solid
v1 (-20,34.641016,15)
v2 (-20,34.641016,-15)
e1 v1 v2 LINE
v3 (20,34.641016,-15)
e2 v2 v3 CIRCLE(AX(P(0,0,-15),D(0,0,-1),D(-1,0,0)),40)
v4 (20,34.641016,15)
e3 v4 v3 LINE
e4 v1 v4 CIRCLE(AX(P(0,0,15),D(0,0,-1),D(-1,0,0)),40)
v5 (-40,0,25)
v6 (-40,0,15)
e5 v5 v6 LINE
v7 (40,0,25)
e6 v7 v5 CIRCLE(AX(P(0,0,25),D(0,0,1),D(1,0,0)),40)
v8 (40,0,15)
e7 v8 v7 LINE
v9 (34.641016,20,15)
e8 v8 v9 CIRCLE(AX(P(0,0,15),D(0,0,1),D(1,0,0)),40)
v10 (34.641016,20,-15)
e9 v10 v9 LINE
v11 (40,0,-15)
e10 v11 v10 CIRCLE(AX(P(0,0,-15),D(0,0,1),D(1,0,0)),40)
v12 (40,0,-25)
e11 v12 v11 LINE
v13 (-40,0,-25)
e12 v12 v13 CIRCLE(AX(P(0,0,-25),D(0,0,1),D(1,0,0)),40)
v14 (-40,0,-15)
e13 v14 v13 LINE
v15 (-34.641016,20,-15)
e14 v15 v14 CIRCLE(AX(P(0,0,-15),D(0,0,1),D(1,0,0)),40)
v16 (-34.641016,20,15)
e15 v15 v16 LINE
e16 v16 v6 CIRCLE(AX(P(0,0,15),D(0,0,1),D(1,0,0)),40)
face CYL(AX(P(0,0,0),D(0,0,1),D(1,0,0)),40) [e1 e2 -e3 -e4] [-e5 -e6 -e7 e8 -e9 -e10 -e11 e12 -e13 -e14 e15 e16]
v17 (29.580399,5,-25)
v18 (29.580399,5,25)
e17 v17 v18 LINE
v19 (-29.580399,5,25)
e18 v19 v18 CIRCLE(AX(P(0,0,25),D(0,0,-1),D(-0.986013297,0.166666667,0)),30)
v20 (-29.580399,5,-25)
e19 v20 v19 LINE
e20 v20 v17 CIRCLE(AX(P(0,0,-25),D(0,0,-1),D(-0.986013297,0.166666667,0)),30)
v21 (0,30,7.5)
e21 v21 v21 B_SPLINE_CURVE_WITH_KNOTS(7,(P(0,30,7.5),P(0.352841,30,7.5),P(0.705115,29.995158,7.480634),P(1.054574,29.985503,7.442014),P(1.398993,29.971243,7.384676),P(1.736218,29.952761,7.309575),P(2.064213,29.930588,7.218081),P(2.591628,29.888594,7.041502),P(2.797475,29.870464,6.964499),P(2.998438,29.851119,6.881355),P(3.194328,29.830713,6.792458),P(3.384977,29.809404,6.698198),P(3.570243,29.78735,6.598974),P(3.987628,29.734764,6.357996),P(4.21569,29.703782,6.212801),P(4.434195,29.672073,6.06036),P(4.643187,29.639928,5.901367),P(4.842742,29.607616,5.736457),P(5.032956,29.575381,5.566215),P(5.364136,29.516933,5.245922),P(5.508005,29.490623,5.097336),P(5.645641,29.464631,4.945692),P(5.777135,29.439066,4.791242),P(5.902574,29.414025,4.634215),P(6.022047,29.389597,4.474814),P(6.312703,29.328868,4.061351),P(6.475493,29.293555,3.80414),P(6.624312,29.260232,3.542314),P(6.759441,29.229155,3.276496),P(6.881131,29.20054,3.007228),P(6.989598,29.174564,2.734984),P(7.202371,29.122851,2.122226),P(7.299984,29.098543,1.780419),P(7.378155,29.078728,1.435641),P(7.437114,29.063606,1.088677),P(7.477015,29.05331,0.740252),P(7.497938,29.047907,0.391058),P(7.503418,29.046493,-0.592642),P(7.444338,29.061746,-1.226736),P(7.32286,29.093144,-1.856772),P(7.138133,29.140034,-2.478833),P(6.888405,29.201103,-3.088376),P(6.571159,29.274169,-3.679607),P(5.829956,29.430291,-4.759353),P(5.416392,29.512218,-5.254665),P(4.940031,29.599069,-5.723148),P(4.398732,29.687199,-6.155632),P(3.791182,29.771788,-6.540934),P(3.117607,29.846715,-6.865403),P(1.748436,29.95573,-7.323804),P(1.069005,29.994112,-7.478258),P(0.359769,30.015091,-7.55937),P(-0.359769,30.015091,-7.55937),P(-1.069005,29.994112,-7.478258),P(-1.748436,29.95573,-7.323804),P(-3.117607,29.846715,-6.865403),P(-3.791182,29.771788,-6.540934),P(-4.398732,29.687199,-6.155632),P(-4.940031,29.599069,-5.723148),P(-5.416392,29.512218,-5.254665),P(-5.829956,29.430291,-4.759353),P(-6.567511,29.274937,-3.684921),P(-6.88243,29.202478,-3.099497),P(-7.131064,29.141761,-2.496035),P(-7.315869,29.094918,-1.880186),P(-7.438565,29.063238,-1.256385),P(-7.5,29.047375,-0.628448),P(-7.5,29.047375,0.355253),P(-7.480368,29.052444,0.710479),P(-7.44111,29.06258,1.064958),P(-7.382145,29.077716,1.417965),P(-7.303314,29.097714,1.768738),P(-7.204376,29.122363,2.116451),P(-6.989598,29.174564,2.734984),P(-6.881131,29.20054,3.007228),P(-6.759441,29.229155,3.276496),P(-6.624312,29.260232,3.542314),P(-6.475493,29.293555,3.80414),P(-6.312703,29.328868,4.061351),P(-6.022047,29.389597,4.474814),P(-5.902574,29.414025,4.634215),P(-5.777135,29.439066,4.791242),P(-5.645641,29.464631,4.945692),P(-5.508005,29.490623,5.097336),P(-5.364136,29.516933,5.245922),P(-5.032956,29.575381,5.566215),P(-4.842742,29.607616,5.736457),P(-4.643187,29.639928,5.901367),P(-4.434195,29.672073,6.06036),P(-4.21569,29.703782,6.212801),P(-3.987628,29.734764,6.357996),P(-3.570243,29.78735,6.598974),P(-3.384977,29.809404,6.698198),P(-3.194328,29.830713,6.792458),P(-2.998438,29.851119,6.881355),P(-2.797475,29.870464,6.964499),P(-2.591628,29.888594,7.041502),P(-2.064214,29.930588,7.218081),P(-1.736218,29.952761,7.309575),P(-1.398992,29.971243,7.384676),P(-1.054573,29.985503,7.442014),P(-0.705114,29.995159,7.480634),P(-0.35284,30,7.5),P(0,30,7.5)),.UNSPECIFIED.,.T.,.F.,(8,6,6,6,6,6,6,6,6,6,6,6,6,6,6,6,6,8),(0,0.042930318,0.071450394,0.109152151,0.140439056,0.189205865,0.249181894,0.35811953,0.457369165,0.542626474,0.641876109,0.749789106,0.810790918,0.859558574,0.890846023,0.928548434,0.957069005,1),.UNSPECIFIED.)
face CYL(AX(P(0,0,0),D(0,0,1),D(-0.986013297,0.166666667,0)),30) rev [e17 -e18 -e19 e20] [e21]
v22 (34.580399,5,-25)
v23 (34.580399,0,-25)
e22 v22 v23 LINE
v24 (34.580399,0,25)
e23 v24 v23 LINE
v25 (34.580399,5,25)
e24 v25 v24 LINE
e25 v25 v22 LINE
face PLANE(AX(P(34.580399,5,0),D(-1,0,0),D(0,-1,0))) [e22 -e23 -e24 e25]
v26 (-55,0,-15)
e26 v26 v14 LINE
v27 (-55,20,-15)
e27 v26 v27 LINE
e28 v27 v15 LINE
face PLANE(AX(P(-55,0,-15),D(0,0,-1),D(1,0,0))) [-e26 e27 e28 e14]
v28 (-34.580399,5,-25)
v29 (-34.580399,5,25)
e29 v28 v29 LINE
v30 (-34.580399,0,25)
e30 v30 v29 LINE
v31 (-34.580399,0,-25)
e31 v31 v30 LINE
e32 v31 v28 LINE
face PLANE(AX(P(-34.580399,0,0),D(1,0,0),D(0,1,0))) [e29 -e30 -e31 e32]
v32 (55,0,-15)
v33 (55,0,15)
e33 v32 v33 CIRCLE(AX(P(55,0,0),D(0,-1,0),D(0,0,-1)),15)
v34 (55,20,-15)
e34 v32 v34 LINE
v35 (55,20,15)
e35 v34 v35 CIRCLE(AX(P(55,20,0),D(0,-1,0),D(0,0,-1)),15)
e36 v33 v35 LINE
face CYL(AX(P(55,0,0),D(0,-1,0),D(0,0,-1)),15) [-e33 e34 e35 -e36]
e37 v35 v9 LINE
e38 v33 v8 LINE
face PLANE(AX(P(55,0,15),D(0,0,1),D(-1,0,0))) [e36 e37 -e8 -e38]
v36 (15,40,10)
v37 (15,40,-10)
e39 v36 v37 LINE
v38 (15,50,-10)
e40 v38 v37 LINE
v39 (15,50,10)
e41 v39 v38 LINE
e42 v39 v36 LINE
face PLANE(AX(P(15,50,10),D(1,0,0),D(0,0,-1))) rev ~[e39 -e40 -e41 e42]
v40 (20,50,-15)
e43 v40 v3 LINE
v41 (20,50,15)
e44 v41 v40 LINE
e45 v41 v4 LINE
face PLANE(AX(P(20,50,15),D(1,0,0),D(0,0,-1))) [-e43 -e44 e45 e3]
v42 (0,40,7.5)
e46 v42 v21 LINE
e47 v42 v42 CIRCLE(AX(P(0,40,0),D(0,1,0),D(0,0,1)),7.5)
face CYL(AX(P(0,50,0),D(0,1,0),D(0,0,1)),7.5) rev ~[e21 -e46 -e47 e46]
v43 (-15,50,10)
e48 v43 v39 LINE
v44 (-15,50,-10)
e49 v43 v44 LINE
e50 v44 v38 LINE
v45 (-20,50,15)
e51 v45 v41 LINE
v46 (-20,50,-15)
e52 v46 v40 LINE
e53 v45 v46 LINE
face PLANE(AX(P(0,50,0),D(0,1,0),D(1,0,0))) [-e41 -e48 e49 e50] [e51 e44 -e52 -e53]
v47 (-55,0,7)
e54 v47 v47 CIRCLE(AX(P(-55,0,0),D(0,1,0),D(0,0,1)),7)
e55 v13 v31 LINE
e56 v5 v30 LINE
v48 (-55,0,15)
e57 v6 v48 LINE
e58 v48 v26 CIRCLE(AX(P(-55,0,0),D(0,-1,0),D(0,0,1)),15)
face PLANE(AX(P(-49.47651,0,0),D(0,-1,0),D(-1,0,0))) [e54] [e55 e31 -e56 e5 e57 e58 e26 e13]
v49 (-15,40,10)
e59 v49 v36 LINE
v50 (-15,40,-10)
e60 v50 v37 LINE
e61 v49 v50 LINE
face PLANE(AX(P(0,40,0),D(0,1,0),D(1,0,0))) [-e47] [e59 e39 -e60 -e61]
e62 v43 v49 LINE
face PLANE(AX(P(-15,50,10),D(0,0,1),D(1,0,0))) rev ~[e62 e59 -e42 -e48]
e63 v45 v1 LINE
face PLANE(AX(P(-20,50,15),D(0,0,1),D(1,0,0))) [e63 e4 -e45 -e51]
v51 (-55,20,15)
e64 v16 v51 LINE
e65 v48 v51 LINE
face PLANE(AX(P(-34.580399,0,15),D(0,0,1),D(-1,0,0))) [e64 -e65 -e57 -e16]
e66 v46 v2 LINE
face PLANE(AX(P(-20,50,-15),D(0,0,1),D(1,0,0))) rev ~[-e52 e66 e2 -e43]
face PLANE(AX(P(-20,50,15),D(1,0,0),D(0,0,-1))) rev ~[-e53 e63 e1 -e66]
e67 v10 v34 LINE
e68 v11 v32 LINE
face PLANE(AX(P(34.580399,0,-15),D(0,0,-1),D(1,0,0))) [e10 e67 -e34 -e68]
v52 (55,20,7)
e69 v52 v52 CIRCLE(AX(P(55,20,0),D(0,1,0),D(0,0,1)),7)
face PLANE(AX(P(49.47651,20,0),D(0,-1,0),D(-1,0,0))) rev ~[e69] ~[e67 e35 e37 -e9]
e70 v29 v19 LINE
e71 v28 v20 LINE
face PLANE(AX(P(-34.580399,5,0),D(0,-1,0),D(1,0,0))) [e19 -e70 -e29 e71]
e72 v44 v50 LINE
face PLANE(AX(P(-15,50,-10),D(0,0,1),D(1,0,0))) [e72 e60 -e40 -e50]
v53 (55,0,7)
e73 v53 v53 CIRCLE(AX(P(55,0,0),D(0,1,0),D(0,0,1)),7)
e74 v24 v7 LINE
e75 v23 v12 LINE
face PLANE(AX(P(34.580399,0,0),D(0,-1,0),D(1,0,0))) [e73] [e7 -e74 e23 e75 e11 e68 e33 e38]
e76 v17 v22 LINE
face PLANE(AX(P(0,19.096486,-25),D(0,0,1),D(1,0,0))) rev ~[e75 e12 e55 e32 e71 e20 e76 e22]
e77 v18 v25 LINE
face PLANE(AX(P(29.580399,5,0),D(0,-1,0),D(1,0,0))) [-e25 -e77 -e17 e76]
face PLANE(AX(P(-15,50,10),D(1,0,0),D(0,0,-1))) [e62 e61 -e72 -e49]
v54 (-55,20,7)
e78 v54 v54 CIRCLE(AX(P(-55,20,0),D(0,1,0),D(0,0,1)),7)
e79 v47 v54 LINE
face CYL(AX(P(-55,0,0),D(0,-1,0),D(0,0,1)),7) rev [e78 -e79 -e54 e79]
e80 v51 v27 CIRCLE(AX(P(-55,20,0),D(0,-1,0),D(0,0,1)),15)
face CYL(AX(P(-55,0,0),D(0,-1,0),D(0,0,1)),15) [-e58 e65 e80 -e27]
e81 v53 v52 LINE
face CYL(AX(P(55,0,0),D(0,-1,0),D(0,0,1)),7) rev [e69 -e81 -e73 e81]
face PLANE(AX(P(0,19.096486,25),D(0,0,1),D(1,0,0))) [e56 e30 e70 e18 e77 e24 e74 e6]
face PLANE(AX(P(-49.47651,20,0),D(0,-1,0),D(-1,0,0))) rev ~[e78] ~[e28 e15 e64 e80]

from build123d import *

# Parameters (mm, degrees)
BOSS_EXTRUDE3_DEPTH      = 25
SKETCH5_R                = 7
BOSS_EXTRUDE4_DEPTH      = 20
BOSS_EXTRUDE6_REACH      = 91.582
BOSS_EXTRUDE6_END_RADIUS = 40
SKETCH8_W                = 40
SKETCH8_H                = 30
SKETCH9_W                = 30
SKETCH9_H                = 20
CUT_EXTRUDE3_DEPTH       = 10
SKETCH10_R               = 7.5
CUT_EXTRUDE4_DEPTH       = 90.582364336


with BuildPart() as part:
    # Sketch4 → Boss-Extrude3 (new, symmetric)
    with BuildSketch(Plane.XY):
        with BuildLine():
            Line((-34.580398915, 5), (-29.580398915, 5))
            ThreePointArc((-29.580398915, 5), (0, 30), (29.580398915, 5))
            Line((29.580398915, 5), (34.580398915, 5))
            Line((34.580398915, 5), (34.580398915, 0))
            Line((34.580398915, 0), (40, 0))
            ThreePointArc((40, 0), (0, 40), (-40, 0))
            Line((-40, 0), (-34.580398915, 0))
            Line((-34.580398915, 0), (-34.580398915, 5))
        make_face()
    extrude(amount=BOSS_EXTRUDE3_DEPTH, both=True)

    # Sketch5 → Boss-Extrude4 (add)
    # profile 1 of 2: a face of its own
    with BuildSketch(Plane(origin=(0, 0, 0), x_dir=(1, 0, 0), z_dir=(0, 1, 0))):
        with BuildLine():
            Line((-55, 15), (-34.580398915, 15))
            Line((-34.580398915, 15), (-34.580398915, -15))
            Line((-34.580398915, -15), (-55, -15))
            ThreePointArc((-55, -15), (-70, 0), (-55, 15))
        make_face()
        with Locations(Location((-55, 0, 0), (0, 0, 270))):
            Circle(SKETCH5_R, mode=Mode.SUBTRACT)
    # profile 2 of 2: a face of its own
    with BuildSketch(Plane(origin=(0, 0, 0), x_dir=(1, 0, 0), z_dir=(0, 1, 0))):
        with BuildLine():
            Line((34.580398915, 15), (55, 15))
            ThreePointArc((55, 15), (70, 0), (55, -15))
            Line((55, -15), (34.580398915, -15))
            Line((34.580398915, -15), (34.580398915, 15))
        make_face()
        with Locations(Location((55, 0, 0), (0, 0, 270))):
            Circle(SKETCH5_R, mode=Mode.SUBTRACT)
    extrude(amount=BOSS_EXTRUDE4_DEPTH)

    # Boss-Extrude6: up to this cylinder (the profile starts outside it)
    boss_extrude6_end = Plane(origin=(0, 0, 0), z_dir=(0, 0, -1)) * Cylinder(BOSS_EXTRUDE6_END_RADIUS, 264.164, mode=Mode.PRIVATE)
    # Sketch8 → Boss-Extrude6 (add, up to the surface)
    with BuildSketch(Plane(origin=(0, 50, 0), x_dir=(1, 0, 0), z_dir=(0, 1, 0)), mode=Mode.PRIVATE) as boss_extrude6_sk1:
        Rectangle(SKETCH8_W, SKETCH8_H)
    boss_extrude6_tool1 = extrude(boss_extrude6_sk1.sketch, amount=-BOSS_EXTRUDE6_REACH, mode=Mode.PRIVATE) - boss_extrude6_end
    add(boss_extrude6_tool1.solids().sort_by_distance((0, 50, 0))[0])

    # Sketch9 → Cut-Extrude3 (cut)
    with BuildSketch(Plane(origin=(0, 50, 0), x_dir=(1, 0, 0), z_dir=(0, 1, 0))):
        Rectangle(SKETCH9_W, SKETCH9_H)
    extrude(amount=-CUT_EXTRUDE3_DEPTH, mode=Mode.SUBTRACT)

    # Sketch10 → Cut-Extrude4 (cut, through all)
    with BuildSketch(Plane(origin=(0, 50, 0), x_dir=(1, 0, 0), z_dir=(0, 1, 0))):
        with Locations(Location((0, 0, 0), (0, 0, 270))):
            Circle(SKETCH10_R)
    extrude(amount=-CUT_EXTRUDE4_DEPTH, mode=Mode.SUBTRACT)


solid = part.part
